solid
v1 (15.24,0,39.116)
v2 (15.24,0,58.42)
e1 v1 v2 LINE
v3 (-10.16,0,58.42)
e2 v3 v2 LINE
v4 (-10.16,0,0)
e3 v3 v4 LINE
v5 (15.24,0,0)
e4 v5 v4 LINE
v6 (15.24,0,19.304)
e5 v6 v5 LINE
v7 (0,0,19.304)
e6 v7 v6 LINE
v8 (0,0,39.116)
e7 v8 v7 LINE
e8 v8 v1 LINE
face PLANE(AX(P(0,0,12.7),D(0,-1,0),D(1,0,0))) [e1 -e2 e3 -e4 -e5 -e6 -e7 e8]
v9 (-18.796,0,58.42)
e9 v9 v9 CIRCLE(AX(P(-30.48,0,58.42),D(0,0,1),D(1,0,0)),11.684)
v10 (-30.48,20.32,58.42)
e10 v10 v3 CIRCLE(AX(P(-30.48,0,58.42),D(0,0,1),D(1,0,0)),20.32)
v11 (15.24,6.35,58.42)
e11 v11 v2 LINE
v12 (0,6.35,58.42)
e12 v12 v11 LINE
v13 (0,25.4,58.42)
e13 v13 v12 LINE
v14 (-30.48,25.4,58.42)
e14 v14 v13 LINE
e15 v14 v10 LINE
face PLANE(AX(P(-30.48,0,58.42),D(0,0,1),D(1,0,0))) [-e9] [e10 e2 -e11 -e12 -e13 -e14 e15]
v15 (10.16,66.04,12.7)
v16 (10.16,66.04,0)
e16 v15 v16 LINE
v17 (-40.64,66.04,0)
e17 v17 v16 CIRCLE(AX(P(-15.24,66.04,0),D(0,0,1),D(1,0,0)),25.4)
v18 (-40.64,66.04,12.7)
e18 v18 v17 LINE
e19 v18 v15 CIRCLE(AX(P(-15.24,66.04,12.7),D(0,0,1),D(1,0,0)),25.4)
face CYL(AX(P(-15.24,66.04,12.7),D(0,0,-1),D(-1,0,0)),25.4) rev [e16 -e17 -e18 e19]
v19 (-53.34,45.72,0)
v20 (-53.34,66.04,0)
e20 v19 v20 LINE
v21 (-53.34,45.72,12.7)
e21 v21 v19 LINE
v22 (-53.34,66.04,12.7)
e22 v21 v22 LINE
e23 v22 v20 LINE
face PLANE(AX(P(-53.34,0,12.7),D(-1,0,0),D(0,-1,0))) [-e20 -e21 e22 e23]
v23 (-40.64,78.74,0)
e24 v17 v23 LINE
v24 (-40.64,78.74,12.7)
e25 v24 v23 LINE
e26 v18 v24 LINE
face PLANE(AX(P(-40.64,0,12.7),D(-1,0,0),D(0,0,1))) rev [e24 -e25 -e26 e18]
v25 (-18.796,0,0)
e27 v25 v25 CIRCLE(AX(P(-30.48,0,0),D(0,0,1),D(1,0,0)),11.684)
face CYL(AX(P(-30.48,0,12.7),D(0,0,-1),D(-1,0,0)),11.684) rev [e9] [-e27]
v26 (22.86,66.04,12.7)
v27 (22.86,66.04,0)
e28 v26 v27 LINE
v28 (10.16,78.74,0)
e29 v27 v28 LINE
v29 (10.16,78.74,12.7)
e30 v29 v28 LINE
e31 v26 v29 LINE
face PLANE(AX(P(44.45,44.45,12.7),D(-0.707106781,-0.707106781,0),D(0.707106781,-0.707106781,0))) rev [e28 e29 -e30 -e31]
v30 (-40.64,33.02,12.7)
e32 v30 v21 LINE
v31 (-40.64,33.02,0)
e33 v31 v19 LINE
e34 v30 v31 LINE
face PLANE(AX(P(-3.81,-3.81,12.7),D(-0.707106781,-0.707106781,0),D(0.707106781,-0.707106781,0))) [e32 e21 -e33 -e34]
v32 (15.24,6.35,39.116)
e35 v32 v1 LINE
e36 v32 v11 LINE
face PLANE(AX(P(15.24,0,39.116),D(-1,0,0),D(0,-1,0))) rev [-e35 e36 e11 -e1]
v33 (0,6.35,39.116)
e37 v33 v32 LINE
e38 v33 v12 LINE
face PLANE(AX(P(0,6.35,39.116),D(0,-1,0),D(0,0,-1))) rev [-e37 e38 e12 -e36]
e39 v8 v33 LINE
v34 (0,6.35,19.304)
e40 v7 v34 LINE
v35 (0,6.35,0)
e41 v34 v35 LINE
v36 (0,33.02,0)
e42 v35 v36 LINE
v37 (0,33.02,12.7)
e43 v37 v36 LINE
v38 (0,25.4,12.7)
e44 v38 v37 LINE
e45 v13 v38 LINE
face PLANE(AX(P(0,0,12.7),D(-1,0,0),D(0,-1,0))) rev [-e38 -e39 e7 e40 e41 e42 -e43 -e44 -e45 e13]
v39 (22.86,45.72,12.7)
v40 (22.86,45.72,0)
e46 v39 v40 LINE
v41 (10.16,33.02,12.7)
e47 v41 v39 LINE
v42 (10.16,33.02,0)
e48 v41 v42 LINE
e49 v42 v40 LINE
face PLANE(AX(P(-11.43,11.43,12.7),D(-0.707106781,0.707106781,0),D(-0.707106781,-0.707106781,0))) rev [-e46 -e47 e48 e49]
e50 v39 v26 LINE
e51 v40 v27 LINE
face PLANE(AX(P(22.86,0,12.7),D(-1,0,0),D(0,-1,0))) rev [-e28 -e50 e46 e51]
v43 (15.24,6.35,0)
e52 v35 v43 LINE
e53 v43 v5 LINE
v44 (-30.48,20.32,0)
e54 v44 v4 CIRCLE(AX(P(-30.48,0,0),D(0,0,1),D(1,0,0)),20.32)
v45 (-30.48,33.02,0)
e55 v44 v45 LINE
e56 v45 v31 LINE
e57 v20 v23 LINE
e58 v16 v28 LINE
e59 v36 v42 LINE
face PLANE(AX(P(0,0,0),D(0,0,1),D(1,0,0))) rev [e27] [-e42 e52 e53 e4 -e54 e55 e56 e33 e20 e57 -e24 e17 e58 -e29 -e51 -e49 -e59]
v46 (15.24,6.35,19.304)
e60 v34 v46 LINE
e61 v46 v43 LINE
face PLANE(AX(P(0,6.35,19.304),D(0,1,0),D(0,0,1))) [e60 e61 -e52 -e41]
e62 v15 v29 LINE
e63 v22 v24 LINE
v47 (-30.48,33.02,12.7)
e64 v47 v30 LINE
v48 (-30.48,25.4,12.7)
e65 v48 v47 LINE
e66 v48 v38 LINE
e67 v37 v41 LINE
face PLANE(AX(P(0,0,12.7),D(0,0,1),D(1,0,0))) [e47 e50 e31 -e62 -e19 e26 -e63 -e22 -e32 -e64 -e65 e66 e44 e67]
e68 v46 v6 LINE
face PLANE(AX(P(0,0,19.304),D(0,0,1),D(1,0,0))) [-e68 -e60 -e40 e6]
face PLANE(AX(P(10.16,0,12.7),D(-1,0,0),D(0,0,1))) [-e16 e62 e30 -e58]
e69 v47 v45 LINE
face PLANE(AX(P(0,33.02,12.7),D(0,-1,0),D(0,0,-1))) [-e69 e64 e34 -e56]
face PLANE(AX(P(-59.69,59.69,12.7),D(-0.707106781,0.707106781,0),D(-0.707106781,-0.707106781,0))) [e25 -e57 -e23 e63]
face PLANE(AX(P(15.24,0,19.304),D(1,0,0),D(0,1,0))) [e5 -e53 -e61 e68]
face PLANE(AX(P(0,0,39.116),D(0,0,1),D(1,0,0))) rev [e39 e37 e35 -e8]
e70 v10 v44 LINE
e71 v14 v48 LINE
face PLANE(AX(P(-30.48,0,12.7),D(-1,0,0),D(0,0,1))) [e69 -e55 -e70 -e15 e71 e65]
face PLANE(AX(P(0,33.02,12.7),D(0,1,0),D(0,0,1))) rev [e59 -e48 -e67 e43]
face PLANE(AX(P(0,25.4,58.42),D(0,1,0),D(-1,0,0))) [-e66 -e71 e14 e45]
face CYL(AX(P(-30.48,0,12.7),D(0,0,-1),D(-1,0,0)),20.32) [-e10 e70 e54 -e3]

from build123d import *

# Parameters (mm, degrees)
SKETCH1_R           = 11.684
BOSS_EXTRUDE1_DEPTH = 12.7
BOSS_EXTRUDE2_START = 12.7
SKETCH1_3_R         = 11.684
BOSS_EXTRUDE2_DEPTH = 45.72
SKETCH1_4_W         = 15.24
SKETCH1_4_H         = 6.35
BOSS_EXTRUDE3_DEPTH = 19.304
BOSS_EXTRUDE5_START = 39.116
SKETCH1_5_W         = 15.24
SKETCH1_5_H         = 6.35
BOSS_EXTRUDE5_DEPTH = 19.304


with BuildPart() as part:
    # Sketch1 → Boss-Extrude1 (new body)
    with BuildSketch(Plane.XY):
        with BuildLine():
            Line((-10.16, 0), (0, 0))
            Line((0, 0), (0, 6.35))
            Line((0, 6.35), (0, 25.4))
            Line((0, 25.4), (-30.48, 25.4))
            Line((-30.48, 25.4), (-30.48, 20.32))
            ThreePointArc((-30.48, 20.32), (-44.848409794, -14.368409794), (-10.16, 0))
        make_face()
        with Locations((-30.48, 0)):
            Circle(SKETCH1_R, mode=Mode.SUBTRACT)
        with BuildLine():
            Line((-30.48, 25.4), (0, 25.4))
            Line((0, 25.4), (0, 33.02))
            Line((0, 33.02), (10.16, 33.02))
            Line((10.16, 33.02), (22.86, 45.72))
            Line((22.86, 45.72), (22.86, 66.04))
            Line((22.86, 66.04), (10.16, 78.74))
            Line((10.16, 78.74), (10.16, 66.04))
            ThreePointArc((10.16, 66.04), (-15.24, 40.64), (-40.64, 66.04))
            Line((-40.64, 66.04), (-40.64, 78.74))
            Line((-40.64, 78.74), (-53.34, 66.04))
            Line((-53.34, 66.04), (-53.34, 45.72))
            Line((-53.34, 45.72), (-40.64, 33.02))
            Line((-40.64, 33.02), (-30.48, 33.02))
            Line((-30.48, 33.02), (-30.48, 25.4))
        make_face()
    extrude(amount=BOSS_EXTRUDE1_DEPTH)

    # Sketch1<3> → Boss-Extrude2 (add)
    with BuildSketch(Plane.XY.offset(BOSS_EXTRUDE2_START)):
        with BuildLine():
            Line((-30.48, 20.32), (-30.48, 25.4))
            Line((-30.48, 25.4), (0, 25.4))
            Line((0, 25.4), (0, 0))
            Line((0, 0), (-10.16, 0))
            ThreePointArc((-10.16, 0), (-44.848409794, -14.368409794), (-30.48, 20.32))
        make_face()
        with Locations((-30.48, 0)):
            Circle(SKETCH1_3_R, mode=Mode.SUBTRACT)
    extrude(amount=BOSS_EXTRUDE2_DEPTH)

    # Sketch1<4> → Boss-Extrude3 (add)
    with BuildSketch(Plane.XY):
        with Locations((7.62, 3.175)):
            Rectangle(SKETCH1_4_W, SKETCH1_4_H)
    extrude(amount=BOSS_EXTRUDE3_DEPTH)

    # Sketch1<5> → Boss-Extrude5 (add)
    with BuildSketch(Plane.XY.offset(BOSS_EXTRUDE5_START)):
        with Locations((7.62, 3.175)):
            Rectangle(SKETCH1_5_W, SKETCH1_5_H)
    extrude(amount=BOSS_EXTRUDE5_DEPTH)


solid = part.part
